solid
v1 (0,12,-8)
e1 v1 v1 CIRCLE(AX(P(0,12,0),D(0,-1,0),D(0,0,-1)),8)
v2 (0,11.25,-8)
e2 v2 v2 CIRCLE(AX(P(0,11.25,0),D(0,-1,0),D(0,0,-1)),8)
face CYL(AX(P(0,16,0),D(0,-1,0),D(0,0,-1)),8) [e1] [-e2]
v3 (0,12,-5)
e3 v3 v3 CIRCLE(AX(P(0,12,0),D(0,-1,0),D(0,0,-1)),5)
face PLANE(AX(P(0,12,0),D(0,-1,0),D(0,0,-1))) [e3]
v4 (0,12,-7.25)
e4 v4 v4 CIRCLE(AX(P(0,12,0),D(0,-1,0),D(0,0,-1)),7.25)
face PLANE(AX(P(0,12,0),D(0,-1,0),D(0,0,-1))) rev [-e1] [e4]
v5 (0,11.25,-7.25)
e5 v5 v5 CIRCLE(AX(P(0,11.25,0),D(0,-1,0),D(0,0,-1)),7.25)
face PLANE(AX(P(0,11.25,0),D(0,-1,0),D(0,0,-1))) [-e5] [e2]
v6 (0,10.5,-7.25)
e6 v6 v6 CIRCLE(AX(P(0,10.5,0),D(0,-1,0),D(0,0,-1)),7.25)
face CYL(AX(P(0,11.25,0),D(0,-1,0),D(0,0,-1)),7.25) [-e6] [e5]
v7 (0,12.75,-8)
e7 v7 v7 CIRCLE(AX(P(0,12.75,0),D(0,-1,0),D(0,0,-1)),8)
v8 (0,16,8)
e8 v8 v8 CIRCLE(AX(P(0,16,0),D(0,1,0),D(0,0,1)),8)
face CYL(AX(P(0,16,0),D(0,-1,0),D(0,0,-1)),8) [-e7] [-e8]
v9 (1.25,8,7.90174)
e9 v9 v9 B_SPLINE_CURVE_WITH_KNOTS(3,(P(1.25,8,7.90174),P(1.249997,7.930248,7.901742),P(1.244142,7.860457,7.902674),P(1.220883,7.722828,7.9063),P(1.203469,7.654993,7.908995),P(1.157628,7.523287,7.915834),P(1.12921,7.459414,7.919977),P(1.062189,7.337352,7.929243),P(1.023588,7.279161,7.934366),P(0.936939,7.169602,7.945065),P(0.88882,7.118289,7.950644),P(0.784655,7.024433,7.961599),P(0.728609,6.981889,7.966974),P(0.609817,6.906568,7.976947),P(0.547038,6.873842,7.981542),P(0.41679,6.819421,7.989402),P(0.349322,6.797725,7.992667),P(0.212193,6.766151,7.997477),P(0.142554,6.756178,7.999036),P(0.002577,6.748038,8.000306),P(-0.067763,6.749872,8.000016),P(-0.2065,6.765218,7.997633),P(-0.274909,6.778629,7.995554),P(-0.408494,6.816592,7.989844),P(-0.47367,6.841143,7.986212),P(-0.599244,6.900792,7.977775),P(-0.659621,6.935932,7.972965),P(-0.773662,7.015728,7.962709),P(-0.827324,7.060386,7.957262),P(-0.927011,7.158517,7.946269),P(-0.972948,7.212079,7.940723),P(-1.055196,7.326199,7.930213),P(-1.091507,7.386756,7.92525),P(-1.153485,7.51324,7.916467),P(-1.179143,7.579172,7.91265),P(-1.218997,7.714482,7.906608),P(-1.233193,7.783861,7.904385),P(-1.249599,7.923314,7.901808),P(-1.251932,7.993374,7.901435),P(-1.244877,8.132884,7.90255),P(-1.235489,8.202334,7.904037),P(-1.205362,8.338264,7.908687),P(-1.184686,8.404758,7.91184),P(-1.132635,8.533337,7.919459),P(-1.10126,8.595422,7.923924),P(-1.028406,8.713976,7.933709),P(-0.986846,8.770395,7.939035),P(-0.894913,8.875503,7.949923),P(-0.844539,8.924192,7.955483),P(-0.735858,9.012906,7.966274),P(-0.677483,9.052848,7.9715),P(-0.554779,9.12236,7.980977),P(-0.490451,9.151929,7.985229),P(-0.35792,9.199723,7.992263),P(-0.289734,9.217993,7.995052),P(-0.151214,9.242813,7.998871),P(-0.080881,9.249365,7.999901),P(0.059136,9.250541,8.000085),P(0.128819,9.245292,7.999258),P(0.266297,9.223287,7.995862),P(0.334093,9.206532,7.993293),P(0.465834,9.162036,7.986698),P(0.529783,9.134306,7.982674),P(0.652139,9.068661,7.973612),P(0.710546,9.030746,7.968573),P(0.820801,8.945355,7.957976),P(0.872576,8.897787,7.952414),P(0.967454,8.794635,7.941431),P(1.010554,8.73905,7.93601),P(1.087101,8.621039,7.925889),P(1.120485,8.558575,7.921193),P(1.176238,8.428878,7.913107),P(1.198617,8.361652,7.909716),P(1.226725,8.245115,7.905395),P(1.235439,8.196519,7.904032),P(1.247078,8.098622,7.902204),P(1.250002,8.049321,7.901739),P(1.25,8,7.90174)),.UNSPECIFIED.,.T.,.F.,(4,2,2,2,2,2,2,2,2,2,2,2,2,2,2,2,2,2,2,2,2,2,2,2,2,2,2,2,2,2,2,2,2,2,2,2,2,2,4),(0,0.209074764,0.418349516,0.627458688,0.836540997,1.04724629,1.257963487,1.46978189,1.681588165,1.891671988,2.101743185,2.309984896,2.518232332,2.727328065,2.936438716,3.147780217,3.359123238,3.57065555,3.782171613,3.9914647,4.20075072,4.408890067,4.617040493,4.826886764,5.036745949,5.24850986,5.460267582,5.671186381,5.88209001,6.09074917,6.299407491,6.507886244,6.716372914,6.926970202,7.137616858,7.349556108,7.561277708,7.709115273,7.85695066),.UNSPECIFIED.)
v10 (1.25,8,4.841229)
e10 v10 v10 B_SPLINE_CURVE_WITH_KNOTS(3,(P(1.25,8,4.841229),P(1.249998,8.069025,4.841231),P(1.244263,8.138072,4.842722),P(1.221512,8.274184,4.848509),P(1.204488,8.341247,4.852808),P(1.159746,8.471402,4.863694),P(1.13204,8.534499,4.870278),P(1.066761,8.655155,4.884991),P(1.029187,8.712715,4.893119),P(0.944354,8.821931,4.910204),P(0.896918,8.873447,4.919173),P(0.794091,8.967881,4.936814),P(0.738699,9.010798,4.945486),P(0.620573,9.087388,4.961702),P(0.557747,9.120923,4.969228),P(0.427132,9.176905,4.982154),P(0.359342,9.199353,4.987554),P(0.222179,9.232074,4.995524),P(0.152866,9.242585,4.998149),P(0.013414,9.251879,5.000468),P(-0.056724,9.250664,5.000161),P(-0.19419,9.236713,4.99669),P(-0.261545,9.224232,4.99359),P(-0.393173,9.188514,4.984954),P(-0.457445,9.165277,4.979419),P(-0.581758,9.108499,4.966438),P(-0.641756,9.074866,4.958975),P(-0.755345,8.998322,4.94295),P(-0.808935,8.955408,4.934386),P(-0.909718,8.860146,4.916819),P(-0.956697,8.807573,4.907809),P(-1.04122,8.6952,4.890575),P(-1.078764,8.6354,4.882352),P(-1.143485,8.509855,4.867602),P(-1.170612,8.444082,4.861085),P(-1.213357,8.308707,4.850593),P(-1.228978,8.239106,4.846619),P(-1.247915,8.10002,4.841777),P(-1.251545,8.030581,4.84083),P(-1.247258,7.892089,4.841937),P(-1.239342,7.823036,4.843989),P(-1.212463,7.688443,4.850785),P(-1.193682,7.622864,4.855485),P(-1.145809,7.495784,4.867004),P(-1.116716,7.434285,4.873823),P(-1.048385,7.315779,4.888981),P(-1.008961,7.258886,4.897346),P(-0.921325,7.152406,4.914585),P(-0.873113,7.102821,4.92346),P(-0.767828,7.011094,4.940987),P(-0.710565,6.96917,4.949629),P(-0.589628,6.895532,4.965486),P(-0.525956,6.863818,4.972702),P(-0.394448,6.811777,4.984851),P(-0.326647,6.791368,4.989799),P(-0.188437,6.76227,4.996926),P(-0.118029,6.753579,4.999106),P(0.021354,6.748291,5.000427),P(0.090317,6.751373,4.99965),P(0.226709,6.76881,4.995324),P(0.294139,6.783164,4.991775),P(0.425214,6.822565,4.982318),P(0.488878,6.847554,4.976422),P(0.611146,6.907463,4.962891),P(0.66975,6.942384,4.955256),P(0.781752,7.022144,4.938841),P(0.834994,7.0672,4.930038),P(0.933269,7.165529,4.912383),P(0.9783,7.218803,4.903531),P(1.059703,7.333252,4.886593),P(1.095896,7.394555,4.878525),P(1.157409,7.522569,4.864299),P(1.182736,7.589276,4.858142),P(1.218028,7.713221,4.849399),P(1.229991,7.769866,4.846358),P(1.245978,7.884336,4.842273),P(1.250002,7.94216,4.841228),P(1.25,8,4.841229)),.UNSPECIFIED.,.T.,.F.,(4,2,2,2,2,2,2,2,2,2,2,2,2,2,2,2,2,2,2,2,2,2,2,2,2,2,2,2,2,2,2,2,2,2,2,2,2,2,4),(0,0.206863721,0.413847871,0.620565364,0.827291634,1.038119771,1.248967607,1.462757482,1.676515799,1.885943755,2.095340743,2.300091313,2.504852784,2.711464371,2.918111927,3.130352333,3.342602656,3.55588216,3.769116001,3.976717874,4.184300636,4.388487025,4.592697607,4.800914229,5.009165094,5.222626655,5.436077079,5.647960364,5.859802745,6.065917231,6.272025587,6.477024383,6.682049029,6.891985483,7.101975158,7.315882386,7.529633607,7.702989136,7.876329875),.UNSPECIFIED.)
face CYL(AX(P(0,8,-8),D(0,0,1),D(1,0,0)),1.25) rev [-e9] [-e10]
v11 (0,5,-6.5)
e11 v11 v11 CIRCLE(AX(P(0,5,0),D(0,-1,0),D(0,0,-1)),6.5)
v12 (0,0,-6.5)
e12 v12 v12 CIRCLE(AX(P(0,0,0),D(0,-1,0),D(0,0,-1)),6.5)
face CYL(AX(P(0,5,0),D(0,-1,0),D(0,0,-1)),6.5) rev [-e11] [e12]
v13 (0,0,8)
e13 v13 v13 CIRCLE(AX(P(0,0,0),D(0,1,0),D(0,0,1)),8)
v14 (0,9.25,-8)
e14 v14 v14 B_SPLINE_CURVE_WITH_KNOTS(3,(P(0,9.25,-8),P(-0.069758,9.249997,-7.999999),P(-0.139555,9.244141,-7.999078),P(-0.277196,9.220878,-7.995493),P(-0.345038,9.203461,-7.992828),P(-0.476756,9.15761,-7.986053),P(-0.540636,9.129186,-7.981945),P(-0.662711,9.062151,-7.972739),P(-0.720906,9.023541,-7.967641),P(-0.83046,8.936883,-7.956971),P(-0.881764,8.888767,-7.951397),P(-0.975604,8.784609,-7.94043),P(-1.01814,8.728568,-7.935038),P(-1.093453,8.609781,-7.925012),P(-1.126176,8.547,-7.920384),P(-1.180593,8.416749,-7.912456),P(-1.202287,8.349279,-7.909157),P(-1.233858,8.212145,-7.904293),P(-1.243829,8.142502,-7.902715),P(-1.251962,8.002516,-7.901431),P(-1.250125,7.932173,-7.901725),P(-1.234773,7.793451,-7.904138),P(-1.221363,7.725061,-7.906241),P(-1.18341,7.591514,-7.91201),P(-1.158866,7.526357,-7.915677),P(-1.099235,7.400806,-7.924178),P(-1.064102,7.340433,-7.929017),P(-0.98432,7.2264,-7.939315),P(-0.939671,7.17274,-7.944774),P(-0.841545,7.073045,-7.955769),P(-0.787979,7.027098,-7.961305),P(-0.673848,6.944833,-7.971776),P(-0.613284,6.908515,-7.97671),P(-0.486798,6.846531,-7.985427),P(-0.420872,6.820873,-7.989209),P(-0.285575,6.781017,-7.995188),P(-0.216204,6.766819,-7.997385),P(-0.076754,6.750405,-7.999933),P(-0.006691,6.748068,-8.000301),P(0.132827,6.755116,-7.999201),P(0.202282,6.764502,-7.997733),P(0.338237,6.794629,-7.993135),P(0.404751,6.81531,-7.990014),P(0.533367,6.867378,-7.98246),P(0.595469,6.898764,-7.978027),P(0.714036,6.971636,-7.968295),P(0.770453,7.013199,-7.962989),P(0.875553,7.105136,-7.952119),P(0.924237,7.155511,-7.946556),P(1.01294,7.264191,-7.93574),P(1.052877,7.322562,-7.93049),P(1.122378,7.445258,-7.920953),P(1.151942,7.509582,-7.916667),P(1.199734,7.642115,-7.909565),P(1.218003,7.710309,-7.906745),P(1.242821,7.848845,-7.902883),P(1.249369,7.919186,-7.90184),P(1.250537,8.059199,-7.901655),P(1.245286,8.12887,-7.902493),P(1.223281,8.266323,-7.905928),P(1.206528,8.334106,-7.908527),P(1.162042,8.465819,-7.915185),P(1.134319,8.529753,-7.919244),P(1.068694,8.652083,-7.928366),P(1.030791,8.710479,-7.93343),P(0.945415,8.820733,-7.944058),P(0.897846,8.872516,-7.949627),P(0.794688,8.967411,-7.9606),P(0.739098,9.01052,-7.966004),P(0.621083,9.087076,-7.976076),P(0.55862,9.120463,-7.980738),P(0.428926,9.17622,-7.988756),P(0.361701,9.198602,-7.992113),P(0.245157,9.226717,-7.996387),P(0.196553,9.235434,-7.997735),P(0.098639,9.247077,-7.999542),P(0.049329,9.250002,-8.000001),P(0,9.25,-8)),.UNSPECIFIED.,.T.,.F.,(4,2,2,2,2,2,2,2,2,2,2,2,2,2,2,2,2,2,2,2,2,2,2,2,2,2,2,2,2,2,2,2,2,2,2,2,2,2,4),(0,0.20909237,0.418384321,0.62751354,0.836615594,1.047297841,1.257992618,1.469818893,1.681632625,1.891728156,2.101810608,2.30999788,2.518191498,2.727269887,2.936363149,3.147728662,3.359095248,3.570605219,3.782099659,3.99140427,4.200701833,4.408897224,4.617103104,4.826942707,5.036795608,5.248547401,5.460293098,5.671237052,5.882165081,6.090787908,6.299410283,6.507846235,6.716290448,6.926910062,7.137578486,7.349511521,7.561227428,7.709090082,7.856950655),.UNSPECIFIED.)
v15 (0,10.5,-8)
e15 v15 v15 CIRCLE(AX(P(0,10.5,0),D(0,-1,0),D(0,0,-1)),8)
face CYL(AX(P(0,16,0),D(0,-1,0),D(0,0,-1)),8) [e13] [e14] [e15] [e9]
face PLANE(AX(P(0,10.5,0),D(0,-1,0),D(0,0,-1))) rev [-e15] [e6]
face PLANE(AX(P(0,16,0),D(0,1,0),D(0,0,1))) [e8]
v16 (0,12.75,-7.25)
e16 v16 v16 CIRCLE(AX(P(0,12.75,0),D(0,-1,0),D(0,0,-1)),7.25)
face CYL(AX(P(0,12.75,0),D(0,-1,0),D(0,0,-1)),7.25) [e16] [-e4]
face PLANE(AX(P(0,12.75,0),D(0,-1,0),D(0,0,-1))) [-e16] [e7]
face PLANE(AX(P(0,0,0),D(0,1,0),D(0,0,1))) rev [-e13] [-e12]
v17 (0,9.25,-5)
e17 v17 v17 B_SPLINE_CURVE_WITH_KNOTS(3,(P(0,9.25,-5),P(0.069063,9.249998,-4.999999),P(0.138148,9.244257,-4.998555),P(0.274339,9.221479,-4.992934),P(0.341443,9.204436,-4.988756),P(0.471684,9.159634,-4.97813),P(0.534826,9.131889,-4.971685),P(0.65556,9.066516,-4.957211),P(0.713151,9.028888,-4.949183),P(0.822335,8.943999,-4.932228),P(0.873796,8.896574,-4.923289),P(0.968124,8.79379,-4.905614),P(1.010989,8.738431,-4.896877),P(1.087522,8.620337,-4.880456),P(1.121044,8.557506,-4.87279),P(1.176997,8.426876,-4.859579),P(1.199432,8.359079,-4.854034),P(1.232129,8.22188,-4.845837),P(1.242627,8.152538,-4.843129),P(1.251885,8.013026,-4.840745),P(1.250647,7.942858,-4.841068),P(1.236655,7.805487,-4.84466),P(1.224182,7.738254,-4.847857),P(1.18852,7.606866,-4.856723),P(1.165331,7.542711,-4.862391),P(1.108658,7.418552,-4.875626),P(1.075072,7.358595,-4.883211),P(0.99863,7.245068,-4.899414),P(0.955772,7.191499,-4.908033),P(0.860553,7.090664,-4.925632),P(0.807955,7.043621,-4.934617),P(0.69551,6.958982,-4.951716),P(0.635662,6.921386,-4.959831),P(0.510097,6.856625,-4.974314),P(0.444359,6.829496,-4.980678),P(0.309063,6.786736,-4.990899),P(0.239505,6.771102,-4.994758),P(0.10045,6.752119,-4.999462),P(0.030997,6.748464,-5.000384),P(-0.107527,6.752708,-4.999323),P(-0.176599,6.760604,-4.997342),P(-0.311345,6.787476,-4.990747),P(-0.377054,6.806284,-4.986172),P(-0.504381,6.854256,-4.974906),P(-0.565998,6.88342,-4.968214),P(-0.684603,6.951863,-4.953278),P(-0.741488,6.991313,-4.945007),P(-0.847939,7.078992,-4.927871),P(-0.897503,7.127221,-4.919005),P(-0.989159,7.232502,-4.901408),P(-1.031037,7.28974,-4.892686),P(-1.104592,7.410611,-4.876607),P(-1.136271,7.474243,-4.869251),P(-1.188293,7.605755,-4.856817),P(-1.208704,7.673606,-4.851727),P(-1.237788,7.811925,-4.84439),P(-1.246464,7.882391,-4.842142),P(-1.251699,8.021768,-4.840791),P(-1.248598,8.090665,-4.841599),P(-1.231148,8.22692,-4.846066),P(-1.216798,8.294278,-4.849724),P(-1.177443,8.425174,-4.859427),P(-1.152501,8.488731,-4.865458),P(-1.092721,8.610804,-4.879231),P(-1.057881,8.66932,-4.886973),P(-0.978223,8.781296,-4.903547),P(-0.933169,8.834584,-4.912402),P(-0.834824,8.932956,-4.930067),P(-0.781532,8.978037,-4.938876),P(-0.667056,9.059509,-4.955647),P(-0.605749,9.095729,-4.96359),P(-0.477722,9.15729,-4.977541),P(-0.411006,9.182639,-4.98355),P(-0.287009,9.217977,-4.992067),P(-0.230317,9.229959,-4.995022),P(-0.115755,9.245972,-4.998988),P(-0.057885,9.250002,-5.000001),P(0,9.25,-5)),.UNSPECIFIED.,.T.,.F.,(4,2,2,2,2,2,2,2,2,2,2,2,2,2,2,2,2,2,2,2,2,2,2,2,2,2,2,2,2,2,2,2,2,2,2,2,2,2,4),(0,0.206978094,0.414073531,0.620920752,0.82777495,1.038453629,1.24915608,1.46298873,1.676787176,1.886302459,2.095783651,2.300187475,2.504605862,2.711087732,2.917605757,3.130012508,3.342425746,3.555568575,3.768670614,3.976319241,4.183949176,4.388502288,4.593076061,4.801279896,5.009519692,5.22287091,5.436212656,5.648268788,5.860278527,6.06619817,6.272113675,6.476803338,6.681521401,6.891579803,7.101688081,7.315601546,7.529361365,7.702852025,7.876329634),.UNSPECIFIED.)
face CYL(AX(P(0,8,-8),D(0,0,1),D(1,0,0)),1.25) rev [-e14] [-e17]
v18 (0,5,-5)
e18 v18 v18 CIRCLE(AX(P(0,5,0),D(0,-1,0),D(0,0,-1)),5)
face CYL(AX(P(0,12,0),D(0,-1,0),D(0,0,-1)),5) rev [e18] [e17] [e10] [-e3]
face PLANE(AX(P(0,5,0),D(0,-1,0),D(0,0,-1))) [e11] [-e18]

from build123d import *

# Parameters (mm, degrees)
SKETCH1_R               = 8
BOSS_EXTRUDE1_DEPTH     = 16
SKETCH2_R               = 6.5
CUT_EXTRUDE1_DEPTH      = 5
SKETCH3_R               = 5
CUT_EXTRUDE2_DEPTH      = 12
SKETCH4_R               = 1.25
CUT_EXTRUDE3_DEPTH      = 9
CUT_EXTRUDE3_DEPTH_BACK = 9
CUT_EXTRUDE5_START      = -10.5
SKETCH5_R               = 8
SKETCH5_R_2             = 7.25
CUT_EXTRUDE5_DEPTH      = 0.75
CUT_EXTRUDE6_START      = -12
SKETCH5_3_R             = 8
SKETCH5_3_R_2           = 7.25
CUT_EXTRUDE6_DEPTH      = 0.75


with BuildPart() as part:
    # Sketch1 → Boss-Extrude1 (new body)
    with BuildSketch(Plane(origin=(0, 0, 0), x_dir=(1, 0, 0), z_dir=(0, 1, 0))):
        Circle(SKETCH1_R)
    extrude(amount=BOSS_EXTRUDE1_DEPTH)

    # Sketch2 → Cut-Extrude1 (cut)
    with BuildSketch(Plane.XZ):
        Circle(SKETCH2_R)
    extrude(amount=-CUT_EXTRUDE1_DEPTH, mode=Mode.SUBTRACT)

    # Sketch3 → Cut-Extrude2 (cut)
    with BuildSketch(Plane.XZ):
        Circle(SKETCH3_R)
    extrude(amount=-CUT_EXTRUDE2_DEPTH, mode=Mode.SUBTRACT)

    # Sketch4 → Cut-Extrude3 (cut, two sides)
    with BuildSketch(Plane.XY) as cut_extrude3_sk:
        with Locations((0, 8)):
            Circle(SKETCH4_R)
    extrude(amount=CUT_EXTRUDE3_DEPTH, mode=Mode.SUBTRACT)
    extrude(cut_extrude3_sk.sketch, amount=-CUT_EXTRUDE3_DEPTH_BACK, mode=Mode.SUBTRACT)

    # Sketch5 → Cut-Extrude5 (cut)
    with BuildSketch(Plane.XZ.offset(CUT_EXTRUDE5_START)):
        Circle(SKETCH5_R)
        Circle(SKETCH5_R_2, mode=Mode.SUBTRACT)
    extrude(amount=-CUT_EXTRUDE5_DEPTH, mode=Mode.SUBTRACT)

    # Sketch5<3> → Cut-Extrude6 (cut)
    with BuildSketch(Plane.XZ.offset(CUT_EXTRUDE6_START)):
        Circle(SKETCH5_3_R)
        Circle(SKETCH5_3_R_2, mode=Mode.SUBTRACT)
    extrude(amount=-CUT_EXTRUDE6_DEPTH, mode=Mode.SUBTRACT)


solid = part.part
